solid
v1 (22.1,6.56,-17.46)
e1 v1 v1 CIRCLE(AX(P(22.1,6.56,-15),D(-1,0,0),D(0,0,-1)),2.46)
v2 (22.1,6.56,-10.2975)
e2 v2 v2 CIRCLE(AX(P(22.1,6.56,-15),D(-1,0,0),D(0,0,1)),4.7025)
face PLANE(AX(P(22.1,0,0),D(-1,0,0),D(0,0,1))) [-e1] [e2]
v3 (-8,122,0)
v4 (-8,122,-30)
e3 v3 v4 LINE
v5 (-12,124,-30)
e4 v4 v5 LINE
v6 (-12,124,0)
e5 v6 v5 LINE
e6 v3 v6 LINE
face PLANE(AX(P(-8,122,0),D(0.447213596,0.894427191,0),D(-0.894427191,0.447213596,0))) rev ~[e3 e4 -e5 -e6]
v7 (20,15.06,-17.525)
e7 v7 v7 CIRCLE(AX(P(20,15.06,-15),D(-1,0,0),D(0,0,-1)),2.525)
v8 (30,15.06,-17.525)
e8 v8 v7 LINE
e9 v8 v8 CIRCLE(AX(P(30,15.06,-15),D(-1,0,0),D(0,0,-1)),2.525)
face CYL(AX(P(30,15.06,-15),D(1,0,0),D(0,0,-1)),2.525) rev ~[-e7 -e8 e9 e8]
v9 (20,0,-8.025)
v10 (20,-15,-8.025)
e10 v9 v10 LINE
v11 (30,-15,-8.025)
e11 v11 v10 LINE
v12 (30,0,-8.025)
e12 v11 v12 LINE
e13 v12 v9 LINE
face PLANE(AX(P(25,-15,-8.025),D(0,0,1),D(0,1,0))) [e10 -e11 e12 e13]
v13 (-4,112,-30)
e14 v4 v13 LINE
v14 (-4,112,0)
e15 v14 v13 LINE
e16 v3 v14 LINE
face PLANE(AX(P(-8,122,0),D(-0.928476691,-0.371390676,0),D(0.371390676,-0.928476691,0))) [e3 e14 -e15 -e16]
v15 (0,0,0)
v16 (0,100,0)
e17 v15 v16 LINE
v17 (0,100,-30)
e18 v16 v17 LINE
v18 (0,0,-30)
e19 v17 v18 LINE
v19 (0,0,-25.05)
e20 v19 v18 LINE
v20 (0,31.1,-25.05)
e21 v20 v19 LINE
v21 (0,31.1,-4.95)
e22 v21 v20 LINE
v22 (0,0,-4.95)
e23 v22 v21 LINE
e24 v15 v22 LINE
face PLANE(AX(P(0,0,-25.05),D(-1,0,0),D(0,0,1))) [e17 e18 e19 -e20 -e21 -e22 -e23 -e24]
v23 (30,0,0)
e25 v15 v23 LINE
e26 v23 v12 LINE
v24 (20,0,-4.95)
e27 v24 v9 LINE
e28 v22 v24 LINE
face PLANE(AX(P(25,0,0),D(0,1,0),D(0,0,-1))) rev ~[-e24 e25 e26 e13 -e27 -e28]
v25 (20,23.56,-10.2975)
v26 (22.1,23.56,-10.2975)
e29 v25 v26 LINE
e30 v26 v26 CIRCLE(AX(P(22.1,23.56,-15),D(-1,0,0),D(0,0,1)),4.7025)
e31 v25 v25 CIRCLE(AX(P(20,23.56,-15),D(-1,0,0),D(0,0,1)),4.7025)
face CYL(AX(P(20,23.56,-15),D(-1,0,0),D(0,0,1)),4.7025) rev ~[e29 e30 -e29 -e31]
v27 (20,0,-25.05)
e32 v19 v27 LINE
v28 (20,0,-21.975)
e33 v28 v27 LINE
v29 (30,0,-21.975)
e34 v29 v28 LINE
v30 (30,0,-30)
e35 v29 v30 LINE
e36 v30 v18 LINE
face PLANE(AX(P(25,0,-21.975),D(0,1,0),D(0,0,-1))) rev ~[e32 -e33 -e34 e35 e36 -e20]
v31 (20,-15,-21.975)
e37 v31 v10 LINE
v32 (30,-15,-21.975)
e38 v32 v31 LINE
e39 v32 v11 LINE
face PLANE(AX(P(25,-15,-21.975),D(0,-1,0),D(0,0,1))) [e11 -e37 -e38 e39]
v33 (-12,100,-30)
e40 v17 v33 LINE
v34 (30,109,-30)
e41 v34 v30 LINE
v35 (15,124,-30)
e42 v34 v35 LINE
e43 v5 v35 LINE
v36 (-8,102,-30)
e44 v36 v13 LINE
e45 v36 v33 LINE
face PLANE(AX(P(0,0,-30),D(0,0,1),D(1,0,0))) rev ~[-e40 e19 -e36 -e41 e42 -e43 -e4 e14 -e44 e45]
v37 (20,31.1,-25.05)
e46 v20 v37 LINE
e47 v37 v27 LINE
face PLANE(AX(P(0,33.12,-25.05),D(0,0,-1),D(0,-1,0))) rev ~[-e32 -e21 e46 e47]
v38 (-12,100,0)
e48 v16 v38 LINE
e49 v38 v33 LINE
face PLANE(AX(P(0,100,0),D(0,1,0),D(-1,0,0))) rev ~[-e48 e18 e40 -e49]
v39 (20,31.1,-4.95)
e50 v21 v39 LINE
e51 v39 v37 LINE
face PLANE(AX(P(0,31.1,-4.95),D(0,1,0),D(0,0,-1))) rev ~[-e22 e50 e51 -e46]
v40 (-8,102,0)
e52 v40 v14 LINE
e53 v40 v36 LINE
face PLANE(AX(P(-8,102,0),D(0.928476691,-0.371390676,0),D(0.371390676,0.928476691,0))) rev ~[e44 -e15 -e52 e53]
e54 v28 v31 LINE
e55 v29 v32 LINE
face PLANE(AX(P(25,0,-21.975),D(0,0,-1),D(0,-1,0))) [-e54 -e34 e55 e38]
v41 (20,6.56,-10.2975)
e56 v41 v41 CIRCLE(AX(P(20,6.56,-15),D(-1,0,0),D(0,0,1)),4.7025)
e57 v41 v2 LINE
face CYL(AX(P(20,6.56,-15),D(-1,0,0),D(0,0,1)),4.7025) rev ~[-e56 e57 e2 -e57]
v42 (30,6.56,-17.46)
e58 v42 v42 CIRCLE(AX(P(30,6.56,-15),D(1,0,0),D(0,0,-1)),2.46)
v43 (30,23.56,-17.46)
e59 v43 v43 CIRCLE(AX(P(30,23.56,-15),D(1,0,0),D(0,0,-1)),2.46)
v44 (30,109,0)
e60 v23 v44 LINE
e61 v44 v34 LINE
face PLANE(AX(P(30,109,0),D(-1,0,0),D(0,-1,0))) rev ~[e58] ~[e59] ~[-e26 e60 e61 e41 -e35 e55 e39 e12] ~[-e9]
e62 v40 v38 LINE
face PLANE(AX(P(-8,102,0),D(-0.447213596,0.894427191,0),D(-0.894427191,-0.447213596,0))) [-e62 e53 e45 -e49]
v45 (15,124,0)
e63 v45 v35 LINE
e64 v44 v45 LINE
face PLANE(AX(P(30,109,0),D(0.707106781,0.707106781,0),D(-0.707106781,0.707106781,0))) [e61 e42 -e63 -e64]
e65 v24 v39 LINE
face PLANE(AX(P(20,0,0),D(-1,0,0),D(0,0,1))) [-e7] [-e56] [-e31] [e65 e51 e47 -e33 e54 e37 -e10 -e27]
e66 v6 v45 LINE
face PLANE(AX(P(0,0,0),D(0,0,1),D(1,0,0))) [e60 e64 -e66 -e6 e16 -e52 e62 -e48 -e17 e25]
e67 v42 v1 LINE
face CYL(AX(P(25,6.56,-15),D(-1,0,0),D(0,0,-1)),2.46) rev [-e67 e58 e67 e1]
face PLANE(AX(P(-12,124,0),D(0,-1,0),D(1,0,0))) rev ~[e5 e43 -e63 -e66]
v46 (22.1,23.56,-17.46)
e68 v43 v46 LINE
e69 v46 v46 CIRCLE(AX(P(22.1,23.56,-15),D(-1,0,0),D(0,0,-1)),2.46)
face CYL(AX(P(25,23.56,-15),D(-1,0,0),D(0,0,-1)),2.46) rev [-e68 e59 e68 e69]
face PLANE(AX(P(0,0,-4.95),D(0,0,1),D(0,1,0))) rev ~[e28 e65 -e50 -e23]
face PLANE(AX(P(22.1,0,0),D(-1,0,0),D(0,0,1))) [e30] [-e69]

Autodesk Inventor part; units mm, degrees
ref_plane "YZ Plane" through (0, 0, 0) normal (1, 0, 0) x (0, 1, 0)
ref_plane "XZ Plane" through (0, 0, 0) normal (0, 1, 0) x (-1, 0, 0)
ref_plane "XY Plane" through (0, 0, 0) normal (0, 0, 1) x (1, 0, 0)
sketch "Sketch1" plane through (0, 0, 0) normal (0, 0, 1) x (1, 0, 0)
  line L0 (0, 0) -> (25, 0)
  line L1 (25, 0) -> (25, 40)
  line L2 (25, 40) -> (0, 40)
  line L3 (0, 40) -> (0, 0)
  dimension "d1" = 25
  dimension "d2" = 40
  dimension "d3" = 25
extrude "Extrusion1" add sketch "Sketch1" against normal blind 30
sketch "Sketch2" plane through (25, 0, 0) normal (1, 0, 0) x (0, 0, -1)
  line L0 (0, 0) -> (30, 0) projected
  circle A0 centre (15, 6.56) radius 2.46
extrude "Extrusion2" cut sketch "Sketch2" against normal blind 30
sketch "Sketch3" plane through (0, 0, 0) normal (-1, 0, 0) x (0, 0, 1)
  line L0 (0, 0) -> (-30, 0) projected
  line L1 (-25.05, 0) -> (-4.95, 0)
  line L2 (-4.95, 0) -> (-4.95, 33.12)
  line L3 (-4.95, 33.12) -> (-25.05, 33.12)
  line L4 (-25.05, 33.12) -> (-25.05, 0)
  dimension "d11" = 20.1
extrude "Extrusion3" cut sketch "Sketch3" against normal blind 20
sketch "Sketch4" plane through (0, 0, 0) normal (0, -1, 0) x (1, 0, 0)
  line L0 (20, -4.95) -> (20, -25.05) projected
  line L1 (20, -15) -> (25, -15)
  line L2 (25, 0) -> (25, -30) projected
  line L3 (20, -8.025) -> (25, -8.025)
  line L4 (25, -8.025) -> (25, -21.975)
  line L5 (25, -21.975) -> (20, -21.975)
  line L6 (20, -21.975) -> (20, -8.025)
  line L7 (20, -8.025) -> (25, -21.975) construction
  line L8 (25, -8.025) -> (20, -21.975) construction
  line L9 (25, -12.54) -> (25, -17.46) projected
  point P0 (0, 0)
  point P1 (22.5, -15)
  dimension "d14" = 13.95
extrude "Extrusion4" add sketch "Sketch4" along normal blind 15
sketch "Sketch5" plane through (20, 0, 0) normal (-1, 0, 0) x (0, 0, 1)
  circle A0 centre (-15, 6.56) radius 2.46 projected
  circle A1 centre (-15, 6.56) radius 4.7025
  circle A2 centre (-15, 6.56) radius 2.46 projected
  circle A3 centre (-15, 6.56) radius 2.46
  point P0 (0, 0)
  dimension "d17" = 9.405
extrude "Extrusion5" cut sketch "Sketch5" against normal blind 2.1
sketch "Sketch6" plane through (25, 0, 0) normal (1, 0, 0) x (0, 0, -1)
  circle A0 centre (15, 6.56) radius 4.7025 projected
  line L0 (15, 6.56) -> (15, 23.56)
  circle A1 centre (15, 23.56) radius 2.46
  point P0 (0, 0)
  dimension "d20" = 17
  dimension "d21" = 4.92
extrude "Extrusion6" cut sketch "Sketch6" against normal blind 10 contours A1
sketch "Sketch7" plane through (20, 0, 0) normal (-1, 0, 0) x (0, 0, 1)
  circle A0 centre (-15, 23.56) radius 2.46 projected
  circle A1 centre (-15, 23.56) radius 4.7025
  point P0 (0, 0)
  dimension "d24" = 9.405
extrude "Extrusion7" cut sketch "Sketch7" against normal blind 2.1
sketch "Sketch9" plane through (25, 0, 0) normal (1, 0, 0) x (0, 0, -1)
  circle A0 centre (15, 6.56) radius 2.46 projected
  circle A1 centre (15, 6.56) radius 2.46
  circle A2 centre (15, 23.56) radius 2.46 projected
  circle A3 centre (15, 23.56) radius 2.46
  line L0 (30, 40) -> (30, 0) projected
  line L1 (30, 0) -> (30, 40)
  line L2 (30, 40) -> (0, 40)
  line L3 (0, 40) -> (0, 0)
  line L4 (0, 0) -> (8.025, 0) projected
  line L5 (21.975, 0) -> (21.975, -15)
  line L6 (21.975, -15) -> (8.025, -15)
  line L7 (8.025, -15) -> (8.025, 0)
  line L8 (0, 0) -> (8.025, 0)
  line L9 (21.975, 0) -> (30, 0)
extrude "Extrusion8" add sketch "Sketch9" along normal blind 5
sketch "Sketch10" plane through (0, 40, 0) normal (0, 1, 0) x (1, 0, 0)
  line L0 (0, 30) -> (30, 30) projected
  line L1 (30, 0) -> (0, 0) projected
  line L2 (0, 30) -> (30, 30)
  line L3 (30, 30) -> (30, 0)
  line L4 (30, 0) -> (0, 0)
  line L5 (0, 0) -> (0, 30)
extrude "Extrusion9" add sketch "Sketch10" along normal blind 30
sketch "Sketch12" plane through (30, 0, 0) normal (1, 0, 0) x (0, 0, -1)
  circle A0 centre (15, 6.56) radius 2.46 projected
  line L0 (15, 6.56) -> (15, 15.06)
  circle A1 centre (15, 15.06) radius 2.525
  point P0 (0, 0)
  dimension "d31" = 8.5
  dimension "d33" = 5.05
extrude "Extrusion10" cut sketch "Sketch12" against normal blind 30 contours A1
sketch "Sketch14" plane through (0, 0, 0) normal (0, 0, 1) x (1, 0, 0)
  line L0 (30, 70) -> (0, 70) projected
  line L1 (0, 70) -> (0, 85)
  line L2 (30, 0) -> (30, 70) projected
  line L3 (30, 109) -> (30, 70)
  line L4 (30, 105) -> (30, 100)
  line L5 (-12, 124) -> (15, 124)
  line L6 (-8, 122) -> (-12, 124)
  line L7 (-8, 122) -> (-4, 112)
  line L8 (-8, 102) -> (-12, 100)
  line L9 (-8, 102) -> (-4, 112)
  line L10 (30, 109) -> (15, 124)
  line L11 (0, 85) -> (0, 100)
  line L12 (0, 100) -> (-12, 100)
  point P0 (0, 0)
  dimension "d69" = 12
extrude "Extrusion12" add sketch "Sketch14" against normal blind 30
sketch "Sketch15" plane through (0, 0, -25.05) normal (-1, 0, 0) x (0, 0, 1)
  line L0 (0, 33.12) -> (20.1, 33.12) projected
  line L1 (20.1, 33.12) -> (20.1, 0) projected
  line L2 (0, 33.12) -> (20.1, 33.12)
  line L3 (20.1, 33.12) -> (20.1, 31.1)
  line L4 (20.1, 31.1) -> (0, 31.1)
  line L5 (0, 31.1) -> (0, 33.12)
  point P0 (25.05, 0)
  dimension "d57" = 2.02
extrude "Extrusion13" add sketch "Sketch15" against normal blind 20
properties part number "20mm_x_30mm"
